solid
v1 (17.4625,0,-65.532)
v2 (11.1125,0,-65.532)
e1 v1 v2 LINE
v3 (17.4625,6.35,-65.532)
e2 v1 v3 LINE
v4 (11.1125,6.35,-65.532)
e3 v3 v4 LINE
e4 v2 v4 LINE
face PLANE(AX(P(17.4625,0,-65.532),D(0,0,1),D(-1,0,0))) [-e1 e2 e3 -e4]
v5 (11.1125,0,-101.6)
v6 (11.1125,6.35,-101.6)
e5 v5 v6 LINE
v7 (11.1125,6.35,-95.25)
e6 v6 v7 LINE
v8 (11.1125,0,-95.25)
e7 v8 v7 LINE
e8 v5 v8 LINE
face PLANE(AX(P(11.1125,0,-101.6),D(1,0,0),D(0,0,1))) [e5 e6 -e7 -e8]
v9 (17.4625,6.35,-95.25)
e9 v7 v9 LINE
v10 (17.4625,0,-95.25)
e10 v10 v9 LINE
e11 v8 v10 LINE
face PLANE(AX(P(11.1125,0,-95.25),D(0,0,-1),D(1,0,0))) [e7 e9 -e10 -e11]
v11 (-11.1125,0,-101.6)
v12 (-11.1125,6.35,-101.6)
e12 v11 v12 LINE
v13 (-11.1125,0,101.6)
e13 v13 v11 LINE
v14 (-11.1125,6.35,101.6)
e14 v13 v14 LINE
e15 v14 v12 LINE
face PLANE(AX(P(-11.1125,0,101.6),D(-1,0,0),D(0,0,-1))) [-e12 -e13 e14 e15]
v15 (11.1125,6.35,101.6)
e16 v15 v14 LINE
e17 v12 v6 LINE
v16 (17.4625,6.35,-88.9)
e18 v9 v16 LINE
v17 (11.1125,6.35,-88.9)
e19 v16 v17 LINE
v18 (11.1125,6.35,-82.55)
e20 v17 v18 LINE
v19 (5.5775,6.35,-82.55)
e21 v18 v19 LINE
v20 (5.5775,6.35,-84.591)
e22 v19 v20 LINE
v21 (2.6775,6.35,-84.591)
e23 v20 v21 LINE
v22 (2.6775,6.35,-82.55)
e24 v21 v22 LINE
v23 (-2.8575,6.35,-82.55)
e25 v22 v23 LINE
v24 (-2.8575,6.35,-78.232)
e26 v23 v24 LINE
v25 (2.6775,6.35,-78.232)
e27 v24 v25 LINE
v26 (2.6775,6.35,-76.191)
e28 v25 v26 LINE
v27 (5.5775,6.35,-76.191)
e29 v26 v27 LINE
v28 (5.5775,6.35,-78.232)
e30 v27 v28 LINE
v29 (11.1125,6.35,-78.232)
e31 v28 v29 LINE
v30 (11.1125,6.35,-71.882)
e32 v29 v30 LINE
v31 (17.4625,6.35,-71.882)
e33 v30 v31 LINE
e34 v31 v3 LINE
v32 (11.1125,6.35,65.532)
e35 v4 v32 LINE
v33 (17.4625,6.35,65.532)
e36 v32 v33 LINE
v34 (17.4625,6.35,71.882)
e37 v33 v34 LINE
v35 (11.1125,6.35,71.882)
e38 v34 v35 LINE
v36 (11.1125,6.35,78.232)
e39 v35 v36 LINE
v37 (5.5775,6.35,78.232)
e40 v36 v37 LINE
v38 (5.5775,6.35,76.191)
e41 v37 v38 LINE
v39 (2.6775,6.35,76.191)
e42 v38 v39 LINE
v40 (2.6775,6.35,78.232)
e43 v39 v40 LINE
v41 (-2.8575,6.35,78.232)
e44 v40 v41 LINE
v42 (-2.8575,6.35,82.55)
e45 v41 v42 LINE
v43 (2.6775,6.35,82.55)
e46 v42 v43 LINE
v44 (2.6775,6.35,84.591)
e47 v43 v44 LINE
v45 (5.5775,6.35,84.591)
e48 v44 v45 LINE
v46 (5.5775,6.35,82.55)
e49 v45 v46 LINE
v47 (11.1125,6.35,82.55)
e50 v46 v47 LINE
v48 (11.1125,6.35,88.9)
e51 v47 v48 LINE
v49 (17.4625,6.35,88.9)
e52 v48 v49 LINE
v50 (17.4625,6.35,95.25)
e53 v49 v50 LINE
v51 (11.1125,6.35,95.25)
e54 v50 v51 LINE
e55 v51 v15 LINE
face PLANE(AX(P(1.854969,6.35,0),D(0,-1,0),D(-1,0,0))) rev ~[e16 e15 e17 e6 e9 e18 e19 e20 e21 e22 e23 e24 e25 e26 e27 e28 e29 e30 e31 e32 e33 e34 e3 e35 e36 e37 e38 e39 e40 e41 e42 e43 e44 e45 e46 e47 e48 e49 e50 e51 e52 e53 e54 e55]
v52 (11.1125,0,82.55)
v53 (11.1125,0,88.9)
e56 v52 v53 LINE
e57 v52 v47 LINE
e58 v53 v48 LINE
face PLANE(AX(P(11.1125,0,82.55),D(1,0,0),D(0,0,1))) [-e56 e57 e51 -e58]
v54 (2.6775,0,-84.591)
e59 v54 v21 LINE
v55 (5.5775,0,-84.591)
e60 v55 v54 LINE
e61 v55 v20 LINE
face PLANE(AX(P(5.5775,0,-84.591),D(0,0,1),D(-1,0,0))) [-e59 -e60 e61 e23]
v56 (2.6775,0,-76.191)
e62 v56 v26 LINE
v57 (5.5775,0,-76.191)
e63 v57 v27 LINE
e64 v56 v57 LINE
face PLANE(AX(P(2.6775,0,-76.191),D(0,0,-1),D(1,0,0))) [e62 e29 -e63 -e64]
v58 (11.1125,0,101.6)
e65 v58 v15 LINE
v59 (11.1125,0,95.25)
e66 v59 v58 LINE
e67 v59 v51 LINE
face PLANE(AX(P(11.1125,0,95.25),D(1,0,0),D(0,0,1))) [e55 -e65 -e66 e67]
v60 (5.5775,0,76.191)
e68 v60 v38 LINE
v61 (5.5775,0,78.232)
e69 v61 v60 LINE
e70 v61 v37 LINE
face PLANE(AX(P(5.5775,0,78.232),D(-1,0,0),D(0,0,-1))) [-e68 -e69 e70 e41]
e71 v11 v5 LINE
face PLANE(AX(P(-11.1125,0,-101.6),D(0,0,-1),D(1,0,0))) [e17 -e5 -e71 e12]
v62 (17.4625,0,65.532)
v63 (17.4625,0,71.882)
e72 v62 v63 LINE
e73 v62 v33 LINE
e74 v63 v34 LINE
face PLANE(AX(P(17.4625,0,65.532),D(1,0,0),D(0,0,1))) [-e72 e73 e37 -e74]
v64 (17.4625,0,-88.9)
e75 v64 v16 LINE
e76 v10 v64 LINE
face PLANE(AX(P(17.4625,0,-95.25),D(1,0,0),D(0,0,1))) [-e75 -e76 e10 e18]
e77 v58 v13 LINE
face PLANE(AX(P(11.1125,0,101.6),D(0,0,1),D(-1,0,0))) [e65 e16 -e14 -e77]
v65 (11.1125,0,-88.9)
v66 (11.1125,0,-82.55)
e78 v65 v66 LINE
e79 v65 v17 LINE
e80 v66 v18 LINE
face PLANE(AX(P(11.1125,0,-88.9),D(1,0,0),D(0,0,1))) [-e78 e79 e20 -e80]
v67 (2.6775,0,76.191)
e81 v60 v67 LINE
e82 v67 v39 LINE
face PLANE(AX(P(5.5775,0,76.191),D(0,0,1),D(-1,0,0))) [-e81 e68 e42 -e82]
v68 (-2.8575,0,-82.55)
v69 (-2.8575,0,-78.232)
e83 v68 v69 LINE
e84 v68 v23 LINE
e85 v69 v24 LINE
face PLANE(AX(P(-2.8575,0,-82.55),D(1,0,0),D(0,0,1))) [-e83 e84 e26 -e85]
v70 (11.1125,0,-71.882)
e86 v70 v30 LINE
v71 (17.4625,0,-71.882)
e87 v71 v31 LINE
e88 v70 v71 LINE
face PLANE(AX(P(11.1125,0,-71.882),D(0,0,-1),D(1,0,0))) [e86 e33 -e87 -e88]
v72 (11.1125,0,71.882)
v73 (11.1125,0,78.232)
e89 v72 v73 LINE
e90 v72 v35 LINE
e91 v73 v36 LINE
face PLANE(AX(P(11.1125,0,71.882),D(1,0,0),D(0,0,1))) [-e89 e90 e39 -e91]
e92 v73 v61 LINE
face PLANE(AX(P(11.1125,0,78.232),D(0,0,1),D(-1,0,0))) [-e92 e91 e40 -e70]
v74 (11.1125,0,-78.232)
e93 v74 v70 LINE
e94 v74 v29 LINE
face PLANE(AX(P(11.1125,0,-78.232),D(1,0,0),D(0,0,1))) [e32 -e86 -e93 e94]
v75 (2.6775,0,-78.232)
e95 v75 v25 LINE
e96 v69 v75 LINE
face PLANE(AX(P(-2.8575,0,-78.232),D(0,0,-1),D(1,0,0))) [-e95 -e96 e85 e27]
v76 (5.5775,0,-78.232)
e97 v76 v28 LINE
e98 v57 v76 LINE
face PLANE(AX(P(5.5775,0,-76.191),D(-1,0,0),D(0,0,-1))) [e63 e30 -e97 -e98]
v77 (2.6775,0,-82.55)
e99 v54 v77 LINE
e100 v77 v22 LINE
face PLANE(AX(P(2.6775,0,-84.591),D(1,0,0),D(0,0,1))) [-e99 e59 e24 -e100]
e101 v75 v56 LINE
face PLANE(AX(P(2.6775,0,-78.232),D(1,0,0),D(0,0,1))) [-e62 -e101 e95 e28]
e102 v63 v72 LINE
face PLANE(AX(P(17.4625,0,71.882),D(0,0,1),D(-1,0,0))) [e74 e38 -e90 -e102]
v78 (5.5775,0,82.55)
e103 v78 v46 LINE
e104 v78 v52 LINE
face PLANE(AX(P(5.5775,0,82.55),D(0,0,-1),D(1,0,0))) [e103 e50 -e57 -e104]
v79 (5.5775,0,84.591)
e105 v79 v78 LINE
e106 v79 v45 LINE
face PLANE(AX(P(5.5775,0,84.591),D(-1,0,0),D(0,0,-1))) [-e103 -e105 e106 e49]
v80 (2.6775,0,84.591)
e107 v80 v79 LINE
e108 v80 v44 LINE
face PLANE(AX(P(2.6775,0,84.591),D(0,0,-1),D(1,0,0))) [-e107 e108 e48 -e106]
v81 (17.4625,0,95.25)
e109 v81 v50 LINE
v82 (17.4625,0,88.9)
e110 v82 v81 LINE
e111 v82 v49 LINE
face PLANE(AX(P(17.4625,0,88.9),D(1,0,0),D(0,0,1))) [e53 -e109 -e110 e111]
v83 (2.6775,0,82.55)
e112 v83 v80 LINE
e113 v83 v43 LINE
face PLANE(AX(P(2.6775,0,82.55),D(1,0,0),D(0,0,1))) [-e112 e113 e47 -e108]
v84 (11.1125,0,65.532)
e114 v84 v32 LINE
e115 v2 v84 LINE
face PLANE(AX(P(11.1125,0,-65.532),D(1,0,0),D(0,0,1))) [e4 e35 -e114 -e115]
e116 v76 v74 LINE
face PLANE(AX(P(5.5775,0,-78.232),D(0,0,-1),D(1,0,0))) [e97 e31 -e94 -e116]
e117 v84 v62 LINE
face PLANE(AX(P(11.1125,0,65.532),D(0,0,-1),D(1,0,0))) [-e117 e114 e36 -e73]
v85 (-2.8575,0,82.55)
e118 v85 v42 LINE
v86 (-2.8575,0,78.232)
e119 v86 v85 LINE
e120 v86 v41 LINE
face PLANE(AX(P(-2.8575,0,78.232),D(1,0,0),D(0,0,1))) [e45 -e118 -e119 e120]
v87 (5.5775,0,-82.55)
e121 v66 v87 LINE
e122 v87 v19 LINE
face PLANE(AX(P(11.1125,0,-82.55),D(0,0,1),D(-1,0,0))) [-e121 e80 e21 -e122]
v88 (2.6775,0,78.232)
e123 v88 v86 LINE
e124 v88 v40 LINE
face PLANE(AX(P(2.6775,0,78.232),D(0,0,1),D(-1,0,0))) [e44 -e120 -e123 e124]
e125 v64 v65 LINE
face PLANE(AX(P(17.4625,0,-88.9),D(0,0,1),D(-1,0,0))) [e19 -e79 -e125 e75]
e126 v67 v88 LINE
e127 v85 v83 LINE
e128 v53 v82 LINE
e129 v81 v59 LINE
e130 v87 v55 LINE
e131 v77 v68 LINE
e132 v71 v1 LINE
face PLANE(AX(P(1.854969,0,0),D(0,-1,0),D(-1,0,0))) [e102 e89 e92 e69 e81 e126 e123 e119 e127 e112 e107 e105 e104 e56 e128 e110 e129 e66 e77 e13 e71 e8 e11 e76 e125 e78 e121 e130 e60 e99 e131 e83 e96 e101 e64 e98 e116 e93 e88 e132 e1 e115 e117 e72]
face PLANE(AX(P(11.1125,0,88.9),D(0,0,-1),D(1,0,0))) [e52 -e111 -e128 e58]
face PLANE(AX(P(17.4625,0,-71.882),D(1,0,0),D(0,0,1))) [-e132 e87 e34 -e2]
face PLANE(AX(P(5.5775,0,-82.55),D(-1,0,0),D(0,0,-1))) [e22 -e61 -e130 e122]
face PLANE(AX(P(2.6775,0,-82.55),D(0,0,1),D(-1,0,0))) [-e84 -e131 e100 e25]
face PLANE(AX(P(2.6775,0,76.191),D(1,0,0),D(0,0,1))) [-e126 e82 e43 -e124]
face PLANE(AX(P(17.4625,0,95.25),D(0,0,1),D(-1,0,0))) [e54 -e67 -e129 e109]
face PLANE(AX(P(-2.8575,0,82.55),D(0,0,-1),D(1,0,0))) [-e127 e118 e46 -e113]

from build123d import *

# Parameters (mm, degrees)
BOSS_EXTRUDE1_DEPTH = 6.35


with BuildPart() as part:
    # Sketch1 → Boss-Extrude1 (new body)
    with BuildSketch(Plane(origin=(0, 0, 0), x_dir=(1, 0, 0), z_dir=(0, 1, 0))):
        Polygon((11.1125, 95.25), (11.1125, 101.6), (-11.1125, 101.6), (-11.1125, -101.6), (11.1125, -101.6), (11.1125, -95.25), (17.4625, -95.25), (17.4625, -88.9), (11.1125, -88.9), (11.1125, -82.55), (5.577500021, -82.55), (5.577500021, -84.590999982), (2.677499979, -84.590999982), (2.677499979, -82.55), (-2.8575, -82.55), (-2.8575, -78.232), (2.677499979, -78.232), (2.677499979, -76.191000018), (5.577500021, -76.191000018), (5.577500021, -78.232), (11.1125, -78.232), (11.1125, -71.882), (17.4625, -71.882), (17.4625, -65.532), (11.1125, -65.532), (11.1125, 65.532), (17.4625, 65.532), (17.4625, 71.882), (11.1125, 71.882), (11.1125, 78.232), (5.577500021, 78.232), (5.577500021, 76.191000018), (2.677499979, 76.191000018), (2.677499979, 78.232), (-2.8575, 78.232), (-2.8575, 82.55), (2.677499979, 82.55), (2.677499979, 84.590999982), (5.577500021, 84.590999982), (5.577500021, 82.55), (11.1125, 82.55), (11.1125, 88.9), (17.4625, 88.9), (17.4625, 95.25), align=None)
    extrude(amount=BOSS_EXTRUDE1_DEPTH)


solid = part.part
